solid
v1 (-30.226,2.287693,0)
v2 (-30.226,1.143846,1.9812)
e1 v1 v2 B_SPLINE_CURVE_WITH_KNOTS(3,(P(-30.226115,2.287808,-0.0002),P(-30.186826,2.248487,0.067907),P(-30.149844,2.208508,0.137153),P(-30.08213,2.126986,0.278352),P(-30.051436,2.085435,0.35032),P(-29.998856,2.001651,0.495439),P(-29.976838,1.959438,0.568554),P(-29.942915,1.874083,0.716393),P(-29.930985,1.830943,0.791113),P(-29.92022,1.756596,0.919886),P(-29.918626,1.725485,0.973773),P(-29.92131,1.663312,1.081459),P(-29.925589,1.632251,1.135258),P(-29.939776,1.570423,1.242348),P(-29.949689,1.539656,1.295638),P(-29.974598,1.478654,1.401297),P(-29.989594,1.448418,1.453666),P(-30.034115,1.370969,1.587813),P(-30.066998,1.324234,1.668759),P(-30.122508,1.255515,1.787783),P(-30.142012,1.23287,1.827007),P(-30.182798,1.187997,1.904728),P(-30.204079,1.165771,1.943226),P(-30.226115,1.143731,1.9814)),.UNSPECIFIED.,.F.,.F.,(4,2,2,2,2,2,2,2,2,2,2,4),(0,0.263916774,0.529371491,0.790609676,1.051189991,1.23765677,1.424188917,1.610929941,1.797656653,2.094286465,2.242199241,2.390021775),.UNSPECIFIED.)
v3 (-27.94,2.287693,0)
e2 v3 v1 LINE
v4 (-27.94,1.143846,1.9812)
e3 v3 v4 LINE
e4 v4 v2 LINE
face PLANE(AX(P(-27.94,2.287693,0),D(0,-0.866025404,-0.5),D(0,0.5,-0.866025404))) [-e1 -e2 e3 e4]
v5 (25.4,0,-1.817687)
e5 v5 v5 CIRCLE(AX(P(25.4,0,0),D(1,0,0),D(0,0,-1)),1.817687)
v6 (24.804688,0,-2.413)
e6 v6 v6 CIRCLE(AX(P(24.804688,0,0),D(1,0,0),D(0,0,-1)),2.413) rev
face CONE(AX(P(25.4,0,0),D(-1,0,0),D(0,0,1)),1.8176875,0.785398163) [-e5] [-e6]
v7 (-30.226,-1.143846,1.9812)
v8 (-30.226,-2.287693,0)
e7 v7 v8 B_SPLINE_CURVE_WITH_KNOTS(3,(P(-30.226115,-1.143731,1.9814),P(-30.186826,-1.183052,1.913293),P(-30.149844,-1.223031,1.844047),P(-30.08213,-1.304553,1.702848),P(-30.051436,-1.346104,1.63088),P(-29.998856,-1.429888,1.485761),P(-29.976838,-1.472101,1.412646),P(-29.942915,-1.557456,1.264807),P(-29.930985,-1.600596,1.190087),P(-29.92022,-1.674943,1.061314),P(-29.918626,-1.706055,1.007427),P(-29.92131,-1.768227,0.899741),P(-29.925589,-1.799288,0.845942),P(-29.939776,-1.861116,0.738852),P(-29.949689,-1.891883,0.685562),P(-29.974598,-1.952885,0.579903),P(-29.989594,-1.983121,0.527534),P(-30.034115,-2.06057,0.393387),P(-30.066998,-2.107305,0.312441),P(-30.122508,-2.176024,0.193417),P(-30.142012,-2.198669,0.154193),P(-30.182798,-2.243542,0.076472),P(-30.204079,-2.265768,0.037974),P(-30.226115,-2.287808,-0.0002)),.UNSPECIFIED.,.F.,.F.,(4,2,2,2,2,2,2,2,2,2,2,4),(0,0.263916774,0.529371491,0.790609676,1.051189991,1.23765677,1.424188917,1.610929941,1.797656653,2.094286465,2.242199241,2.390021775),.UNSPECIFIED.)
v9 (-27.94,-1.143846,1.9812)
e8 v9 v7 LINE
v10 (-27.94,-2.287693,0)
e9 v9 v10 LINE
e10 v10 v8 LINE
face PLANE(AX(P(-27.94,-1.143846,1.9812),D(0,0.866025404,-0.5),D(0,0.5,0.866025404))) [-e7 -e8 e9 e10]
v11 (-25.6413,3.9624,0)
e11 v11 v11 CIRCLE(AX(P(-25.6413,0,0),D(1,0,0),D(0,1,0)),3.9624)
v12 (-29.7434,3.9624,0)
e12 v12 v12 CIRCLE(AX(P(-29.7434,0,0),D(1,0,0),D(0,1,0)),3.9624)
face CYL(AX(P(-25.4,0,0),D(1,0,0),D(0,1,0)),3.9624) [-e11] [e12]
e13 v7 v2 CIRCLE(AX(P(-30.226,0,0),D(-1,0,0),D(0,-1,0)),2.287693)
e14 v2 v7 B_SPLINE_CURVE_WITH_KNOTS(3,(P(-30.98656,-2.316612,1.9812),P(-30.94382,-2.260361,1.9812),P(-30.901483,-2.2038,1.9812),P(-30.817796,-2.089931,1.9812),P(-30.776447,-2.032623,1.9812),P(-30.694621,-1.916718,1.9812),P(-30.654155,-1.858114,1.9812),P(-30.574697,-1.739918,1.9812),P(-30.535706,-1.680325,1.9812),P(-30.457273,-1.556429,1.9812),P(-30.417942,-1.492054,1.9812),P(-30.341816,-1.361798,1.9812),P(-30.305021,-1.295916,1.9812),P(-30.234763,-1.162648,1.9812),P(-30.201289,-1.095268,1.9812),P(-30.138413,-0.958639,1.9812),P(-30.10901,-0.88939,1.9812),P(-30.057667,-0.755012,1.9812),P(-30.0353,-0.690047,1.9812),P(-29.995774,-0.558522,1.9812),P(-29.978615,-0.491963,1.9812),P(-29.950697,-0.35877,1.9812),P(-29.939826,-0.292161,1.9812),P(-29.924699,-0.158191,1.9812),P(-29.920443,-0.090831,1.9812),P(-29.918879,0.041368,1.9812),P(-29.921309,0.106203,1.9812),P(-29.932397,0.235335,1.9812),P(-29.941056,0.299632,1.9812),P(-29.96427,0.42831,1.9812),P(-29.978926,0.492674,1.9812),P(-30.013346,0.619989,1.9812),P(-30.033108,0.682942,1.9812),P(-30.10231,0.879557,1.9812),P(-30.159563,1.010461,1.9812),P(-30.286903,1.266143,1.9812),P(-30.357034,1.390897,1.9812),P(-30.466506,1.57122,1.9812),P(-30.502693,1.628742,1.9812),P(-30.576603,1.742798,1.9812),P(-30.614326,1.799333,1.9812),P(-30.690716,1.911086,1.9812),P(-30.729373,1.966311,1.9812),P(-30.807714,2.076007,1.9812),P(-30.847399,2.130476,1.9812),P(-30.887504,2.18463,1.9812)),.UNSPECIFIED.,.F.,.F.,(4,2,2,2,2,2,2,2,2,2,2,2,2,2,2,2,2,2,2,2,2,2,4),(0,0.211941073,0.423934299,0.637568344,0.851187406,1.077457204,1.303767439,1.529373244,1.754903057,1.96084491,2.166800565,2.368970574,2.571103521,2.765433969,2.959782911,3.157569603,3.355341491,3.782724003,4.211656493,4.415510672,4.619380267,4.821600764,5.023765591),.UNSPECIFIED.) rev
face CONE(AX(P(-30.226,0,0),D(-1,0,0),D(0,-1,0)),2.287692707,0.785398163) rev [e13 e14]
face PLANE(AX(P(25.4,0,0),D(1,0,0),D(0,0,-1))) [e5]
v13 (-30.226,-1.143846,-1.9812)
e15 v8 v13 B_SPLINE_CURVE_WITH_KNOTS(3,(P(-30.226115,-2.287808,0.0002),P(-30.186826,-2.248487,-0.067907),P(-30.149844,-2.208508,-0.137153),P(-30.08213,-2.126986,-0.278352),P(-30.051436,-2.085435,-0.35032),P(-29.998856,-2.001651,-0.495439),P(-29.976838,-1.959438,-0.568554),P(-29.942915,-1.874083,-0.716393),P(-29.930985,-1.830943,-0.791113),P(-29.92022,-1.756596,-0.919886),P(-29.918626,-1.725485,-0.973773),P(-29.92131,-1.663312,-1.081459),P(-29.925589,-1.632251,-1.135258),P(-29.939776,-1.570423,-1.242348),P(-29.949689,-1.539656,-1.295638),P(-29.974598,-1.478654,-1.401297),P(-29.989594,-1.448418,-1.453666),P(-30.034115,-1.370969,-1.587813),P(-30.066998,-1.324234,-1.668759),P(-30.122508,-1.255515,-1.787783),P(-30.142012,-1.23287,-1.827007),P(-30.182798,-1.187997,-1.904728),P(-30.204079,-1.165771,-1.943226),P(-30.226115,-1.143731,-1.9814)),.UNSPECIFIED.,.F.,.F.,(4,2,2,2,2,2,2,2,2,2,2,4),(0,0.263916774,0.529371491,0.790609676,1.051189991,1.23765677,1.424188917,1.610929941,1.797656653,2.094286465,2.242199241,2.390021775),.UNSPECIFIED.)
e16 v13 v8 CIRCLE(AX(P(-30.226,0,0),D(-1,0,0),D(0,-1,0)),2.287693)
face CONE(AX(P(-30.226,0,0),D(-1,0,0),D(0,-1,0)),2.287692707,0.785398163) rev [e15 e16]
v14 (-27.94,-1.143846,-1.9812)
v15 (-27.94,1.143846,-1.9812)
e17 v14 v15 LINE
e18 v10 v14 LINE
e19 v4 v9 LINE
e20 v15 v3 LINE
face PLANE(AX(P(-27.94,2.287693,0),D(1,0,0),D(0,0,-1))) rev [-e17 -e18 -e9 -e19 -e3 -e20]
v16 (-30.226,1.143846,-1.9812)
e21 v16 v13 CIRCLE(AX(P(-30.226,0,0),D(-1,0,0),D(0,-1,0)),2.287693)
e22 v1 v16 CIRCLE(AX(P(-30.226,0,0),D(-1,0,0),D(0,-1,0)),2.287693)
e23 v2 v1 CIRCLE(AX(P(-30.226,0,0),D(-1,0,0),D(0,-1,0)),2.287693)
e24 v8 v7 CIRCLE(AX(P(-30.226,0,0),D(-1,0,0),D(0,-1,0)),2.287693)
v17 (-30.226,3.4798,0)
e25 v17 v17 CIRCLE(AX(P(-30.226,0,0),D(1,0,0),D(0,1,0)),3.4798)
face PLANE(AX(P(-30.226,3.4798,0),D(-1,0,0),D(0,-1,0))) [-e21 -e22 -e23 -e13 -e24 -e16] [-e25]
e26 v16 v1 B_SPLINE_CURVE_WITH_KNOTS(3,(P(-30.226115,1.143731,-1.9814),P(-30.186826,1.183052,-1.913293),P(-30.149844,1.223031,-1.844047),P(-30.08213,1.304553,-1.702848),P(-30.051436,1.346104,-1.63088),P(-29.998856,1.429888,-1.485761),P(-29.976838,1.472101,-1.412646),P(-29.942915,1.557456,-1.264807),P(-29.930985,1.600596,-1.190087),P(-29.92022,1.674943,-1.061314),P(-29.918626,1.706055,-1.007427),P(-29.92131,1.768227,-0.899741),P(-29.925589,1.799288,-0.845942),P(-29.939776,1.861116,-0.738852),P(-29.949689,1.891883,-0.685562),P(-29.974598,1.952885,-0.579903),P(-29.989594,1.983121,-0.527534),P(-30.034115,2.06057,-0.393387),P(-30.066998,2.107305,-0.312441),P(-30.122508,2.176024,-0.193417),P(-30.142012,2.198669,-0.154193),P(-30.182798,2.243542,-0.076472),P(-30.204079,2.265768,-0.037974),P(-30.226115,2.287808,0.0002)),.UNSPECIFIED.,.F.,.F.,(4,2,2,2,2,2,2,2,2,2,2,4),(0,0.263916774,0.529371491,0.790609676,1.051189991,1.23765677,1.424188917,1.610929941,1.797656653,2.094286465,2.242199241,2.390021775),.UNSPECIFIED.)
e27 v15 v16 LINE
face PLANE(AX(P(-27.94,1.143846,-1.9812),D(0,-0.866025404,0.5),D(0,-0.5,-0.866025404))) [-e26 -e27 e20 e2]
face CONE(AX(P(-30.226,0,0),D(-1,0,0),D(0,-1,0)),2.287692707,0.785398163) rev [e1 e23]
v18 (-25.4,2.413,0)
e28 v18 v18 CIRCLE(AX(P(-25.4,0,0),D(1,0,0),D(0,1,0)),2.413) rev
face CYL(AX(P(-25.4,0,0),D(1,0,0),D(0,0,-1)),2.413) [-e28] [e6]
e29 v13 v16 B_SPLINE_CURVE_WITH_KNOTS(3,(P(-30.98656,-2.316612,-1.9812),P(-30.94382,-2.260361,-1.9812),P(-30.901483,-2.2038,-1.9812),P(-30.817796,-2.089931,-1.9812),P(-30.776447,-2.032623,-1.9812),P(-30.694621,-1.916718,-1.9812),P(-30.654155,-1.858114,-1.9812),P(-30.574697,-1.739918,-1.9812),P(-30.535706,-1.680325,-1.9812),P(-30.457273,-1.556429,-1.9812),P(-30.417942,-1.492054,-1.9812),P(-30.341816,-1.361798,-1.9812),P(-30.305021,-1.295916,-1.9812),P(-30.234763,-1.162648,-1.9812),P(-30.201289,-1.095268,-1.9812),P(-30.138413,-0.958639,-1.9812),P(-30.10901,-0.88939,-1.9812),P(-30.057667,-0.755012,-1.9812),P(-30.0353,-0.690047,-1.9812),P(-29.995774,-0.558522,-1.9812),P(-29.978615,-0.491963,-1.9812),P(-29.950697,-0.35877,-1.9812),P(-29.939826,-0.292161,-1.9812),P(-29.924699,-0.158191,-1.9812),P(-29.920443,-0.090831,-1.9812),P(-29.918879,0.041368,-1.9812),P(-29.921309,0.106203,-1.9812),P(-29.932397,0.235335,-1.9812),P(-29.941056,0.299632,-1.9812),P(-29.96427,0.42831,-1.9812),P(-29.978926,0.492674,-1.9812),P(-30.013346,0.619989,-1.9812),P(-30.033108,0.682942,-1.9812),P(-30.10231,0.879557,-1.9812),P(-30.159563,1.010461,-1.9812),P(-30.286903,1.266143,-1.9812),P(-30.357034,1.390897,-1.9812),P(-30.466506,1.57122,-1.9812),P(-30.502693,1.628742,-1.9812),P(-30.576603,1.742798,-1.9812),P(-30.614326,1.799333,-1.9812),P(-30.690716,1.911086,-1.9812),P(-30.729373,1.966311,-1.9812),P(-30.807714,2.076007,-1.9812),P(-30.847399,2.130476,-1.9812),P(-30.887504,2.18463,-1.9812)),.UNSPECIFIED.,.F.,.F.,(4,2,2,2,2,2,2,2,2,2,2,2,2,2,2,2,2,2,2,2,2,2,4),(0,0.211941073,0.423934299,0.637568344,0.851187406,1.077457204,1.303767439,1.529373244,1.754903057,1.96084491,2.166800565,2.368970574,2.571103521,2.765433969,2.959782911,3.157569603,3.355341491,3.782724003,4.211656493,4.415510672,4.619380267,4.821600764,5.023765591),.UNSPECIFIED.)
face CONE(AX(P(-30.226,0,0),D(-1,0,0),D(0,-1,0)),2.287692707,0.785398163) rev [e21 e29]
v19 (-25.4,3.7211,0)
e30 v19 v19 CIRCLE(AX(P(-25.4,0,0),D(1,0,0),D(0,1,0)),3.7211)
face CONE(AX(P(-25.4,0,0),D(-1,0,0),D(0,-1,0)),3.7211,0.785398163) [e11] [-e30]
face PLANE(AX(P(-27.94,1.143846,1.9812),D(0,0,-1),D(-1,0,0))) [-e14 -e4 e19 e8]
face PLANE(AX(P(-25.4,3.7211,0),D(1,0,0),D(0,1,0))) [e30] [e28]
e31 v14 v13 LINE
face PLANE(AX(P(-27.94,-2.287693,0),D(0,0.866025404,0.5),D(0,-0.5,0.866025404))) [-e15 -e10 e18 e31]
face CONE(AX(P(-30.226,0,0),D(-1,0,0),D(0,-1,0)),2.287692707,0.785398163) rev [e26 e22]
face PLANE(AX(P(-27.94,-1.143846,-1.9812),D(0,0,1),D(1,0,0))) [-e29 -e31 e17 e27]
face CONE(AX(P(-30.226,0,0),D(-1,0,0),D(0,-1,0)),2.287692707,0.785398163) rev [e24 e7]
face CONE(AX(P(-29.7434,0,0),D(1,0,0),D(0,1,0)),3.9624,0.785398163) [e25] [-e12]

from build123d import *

# Parameters (mm, degrees)
SKETCH2_R           = 2.413
BOSS_EXTRUDE1_DEPTH = 50.8
CHAMFER1_SIZE       = 0.5953125
CUT_EXTRUDE1_DEPTH  = 2.286
SKETCH8_R           = 2.287692707
CUT_EXTRUDE2_DEPTH  = 0.9652
CUT_EXTRUDE2_DRAFT  = -45


with BuildPart() as part:
    # Sketch2 → Boss-Extrude1 (new body)
    with BuildSketch(Plane(origin=(25.4, 0, 0), x_dir=(0, 0, -1), z_dir=(1, 0, 0))):
        Circle(SKETCH2_R)
    extrude(amount=-BOSS_EXTRUDE1_DEPTH)

    # Chamfer1
    chamfer1_edges = [part.edges().sort_by_distance(p)[0] for p in [
        (25.4, 0, 2.413),
    ]]
    chamfer(chamfer1_edges, length=CHAMFER1_SIZE)

    # Sketch6 → Revolve1 (revolve)
    with BuildSketch(Plane.XY):
        Polygon((-29.7434, 3.9624), (-30.226, 3.4798), (-30.226, 0), (-25.4, 0), (-25.4, 3.7211), (-25.6413, 3.9624), align=None)
    revolve(axis=Axis((-25.4, 0, 0), (-1, 0, 0)))

    # Sketch4 → Cut-Extrude1 (cut)
    with BuildSketch(Plane(origin=(-30.226, 0, 0), x_dir=(0, 0, -1), z_dir=(1, 0, 0))):
        Polygon((0, 2.287692707), (-1.9812, 1.143846353), (-1.9812, -1.143846353), (0, -2.287692707), (1.9812, -1.143846353), (1.9812, 1.143846353), align=None)
    extrude(amount=CUT_EXTRUDE1_DEPTH, mode=Mode.SUBTRACT)


with BuildPart() as cut_extrude2_tool:
    # Sketch8 → Cut-Extrude2 (with draft: the straight prism first)
    with BuildSketch(Plane.ZY.offset(30.226)):
        Circle(SKETCH8_R)
    extrude(amount=-CUT_EXTRUDE2_DEPTH)
    # Cut-Extrude2: the draft: its side faces are tilted about the plane it starts from
    cut_extrude2_sides = [cut_extrude2_tool.faces().sort_by_distance(p)[0] for p in [
        (-29.7434, 0, -2.287692707),
    ]]
    draft(cut_extrude2_sides, Plane.ZY.offset(30.226), CUT_EXTRUDE2_DRAFT)


with BuildPart() as part_1:
    add(part.part)

    # Cut-Extrude2: cut by cut_extrude2_tool
    add(cut_extrude2_tool.part, mode=Mode.SUBTRACT)


solid = part_1.part
